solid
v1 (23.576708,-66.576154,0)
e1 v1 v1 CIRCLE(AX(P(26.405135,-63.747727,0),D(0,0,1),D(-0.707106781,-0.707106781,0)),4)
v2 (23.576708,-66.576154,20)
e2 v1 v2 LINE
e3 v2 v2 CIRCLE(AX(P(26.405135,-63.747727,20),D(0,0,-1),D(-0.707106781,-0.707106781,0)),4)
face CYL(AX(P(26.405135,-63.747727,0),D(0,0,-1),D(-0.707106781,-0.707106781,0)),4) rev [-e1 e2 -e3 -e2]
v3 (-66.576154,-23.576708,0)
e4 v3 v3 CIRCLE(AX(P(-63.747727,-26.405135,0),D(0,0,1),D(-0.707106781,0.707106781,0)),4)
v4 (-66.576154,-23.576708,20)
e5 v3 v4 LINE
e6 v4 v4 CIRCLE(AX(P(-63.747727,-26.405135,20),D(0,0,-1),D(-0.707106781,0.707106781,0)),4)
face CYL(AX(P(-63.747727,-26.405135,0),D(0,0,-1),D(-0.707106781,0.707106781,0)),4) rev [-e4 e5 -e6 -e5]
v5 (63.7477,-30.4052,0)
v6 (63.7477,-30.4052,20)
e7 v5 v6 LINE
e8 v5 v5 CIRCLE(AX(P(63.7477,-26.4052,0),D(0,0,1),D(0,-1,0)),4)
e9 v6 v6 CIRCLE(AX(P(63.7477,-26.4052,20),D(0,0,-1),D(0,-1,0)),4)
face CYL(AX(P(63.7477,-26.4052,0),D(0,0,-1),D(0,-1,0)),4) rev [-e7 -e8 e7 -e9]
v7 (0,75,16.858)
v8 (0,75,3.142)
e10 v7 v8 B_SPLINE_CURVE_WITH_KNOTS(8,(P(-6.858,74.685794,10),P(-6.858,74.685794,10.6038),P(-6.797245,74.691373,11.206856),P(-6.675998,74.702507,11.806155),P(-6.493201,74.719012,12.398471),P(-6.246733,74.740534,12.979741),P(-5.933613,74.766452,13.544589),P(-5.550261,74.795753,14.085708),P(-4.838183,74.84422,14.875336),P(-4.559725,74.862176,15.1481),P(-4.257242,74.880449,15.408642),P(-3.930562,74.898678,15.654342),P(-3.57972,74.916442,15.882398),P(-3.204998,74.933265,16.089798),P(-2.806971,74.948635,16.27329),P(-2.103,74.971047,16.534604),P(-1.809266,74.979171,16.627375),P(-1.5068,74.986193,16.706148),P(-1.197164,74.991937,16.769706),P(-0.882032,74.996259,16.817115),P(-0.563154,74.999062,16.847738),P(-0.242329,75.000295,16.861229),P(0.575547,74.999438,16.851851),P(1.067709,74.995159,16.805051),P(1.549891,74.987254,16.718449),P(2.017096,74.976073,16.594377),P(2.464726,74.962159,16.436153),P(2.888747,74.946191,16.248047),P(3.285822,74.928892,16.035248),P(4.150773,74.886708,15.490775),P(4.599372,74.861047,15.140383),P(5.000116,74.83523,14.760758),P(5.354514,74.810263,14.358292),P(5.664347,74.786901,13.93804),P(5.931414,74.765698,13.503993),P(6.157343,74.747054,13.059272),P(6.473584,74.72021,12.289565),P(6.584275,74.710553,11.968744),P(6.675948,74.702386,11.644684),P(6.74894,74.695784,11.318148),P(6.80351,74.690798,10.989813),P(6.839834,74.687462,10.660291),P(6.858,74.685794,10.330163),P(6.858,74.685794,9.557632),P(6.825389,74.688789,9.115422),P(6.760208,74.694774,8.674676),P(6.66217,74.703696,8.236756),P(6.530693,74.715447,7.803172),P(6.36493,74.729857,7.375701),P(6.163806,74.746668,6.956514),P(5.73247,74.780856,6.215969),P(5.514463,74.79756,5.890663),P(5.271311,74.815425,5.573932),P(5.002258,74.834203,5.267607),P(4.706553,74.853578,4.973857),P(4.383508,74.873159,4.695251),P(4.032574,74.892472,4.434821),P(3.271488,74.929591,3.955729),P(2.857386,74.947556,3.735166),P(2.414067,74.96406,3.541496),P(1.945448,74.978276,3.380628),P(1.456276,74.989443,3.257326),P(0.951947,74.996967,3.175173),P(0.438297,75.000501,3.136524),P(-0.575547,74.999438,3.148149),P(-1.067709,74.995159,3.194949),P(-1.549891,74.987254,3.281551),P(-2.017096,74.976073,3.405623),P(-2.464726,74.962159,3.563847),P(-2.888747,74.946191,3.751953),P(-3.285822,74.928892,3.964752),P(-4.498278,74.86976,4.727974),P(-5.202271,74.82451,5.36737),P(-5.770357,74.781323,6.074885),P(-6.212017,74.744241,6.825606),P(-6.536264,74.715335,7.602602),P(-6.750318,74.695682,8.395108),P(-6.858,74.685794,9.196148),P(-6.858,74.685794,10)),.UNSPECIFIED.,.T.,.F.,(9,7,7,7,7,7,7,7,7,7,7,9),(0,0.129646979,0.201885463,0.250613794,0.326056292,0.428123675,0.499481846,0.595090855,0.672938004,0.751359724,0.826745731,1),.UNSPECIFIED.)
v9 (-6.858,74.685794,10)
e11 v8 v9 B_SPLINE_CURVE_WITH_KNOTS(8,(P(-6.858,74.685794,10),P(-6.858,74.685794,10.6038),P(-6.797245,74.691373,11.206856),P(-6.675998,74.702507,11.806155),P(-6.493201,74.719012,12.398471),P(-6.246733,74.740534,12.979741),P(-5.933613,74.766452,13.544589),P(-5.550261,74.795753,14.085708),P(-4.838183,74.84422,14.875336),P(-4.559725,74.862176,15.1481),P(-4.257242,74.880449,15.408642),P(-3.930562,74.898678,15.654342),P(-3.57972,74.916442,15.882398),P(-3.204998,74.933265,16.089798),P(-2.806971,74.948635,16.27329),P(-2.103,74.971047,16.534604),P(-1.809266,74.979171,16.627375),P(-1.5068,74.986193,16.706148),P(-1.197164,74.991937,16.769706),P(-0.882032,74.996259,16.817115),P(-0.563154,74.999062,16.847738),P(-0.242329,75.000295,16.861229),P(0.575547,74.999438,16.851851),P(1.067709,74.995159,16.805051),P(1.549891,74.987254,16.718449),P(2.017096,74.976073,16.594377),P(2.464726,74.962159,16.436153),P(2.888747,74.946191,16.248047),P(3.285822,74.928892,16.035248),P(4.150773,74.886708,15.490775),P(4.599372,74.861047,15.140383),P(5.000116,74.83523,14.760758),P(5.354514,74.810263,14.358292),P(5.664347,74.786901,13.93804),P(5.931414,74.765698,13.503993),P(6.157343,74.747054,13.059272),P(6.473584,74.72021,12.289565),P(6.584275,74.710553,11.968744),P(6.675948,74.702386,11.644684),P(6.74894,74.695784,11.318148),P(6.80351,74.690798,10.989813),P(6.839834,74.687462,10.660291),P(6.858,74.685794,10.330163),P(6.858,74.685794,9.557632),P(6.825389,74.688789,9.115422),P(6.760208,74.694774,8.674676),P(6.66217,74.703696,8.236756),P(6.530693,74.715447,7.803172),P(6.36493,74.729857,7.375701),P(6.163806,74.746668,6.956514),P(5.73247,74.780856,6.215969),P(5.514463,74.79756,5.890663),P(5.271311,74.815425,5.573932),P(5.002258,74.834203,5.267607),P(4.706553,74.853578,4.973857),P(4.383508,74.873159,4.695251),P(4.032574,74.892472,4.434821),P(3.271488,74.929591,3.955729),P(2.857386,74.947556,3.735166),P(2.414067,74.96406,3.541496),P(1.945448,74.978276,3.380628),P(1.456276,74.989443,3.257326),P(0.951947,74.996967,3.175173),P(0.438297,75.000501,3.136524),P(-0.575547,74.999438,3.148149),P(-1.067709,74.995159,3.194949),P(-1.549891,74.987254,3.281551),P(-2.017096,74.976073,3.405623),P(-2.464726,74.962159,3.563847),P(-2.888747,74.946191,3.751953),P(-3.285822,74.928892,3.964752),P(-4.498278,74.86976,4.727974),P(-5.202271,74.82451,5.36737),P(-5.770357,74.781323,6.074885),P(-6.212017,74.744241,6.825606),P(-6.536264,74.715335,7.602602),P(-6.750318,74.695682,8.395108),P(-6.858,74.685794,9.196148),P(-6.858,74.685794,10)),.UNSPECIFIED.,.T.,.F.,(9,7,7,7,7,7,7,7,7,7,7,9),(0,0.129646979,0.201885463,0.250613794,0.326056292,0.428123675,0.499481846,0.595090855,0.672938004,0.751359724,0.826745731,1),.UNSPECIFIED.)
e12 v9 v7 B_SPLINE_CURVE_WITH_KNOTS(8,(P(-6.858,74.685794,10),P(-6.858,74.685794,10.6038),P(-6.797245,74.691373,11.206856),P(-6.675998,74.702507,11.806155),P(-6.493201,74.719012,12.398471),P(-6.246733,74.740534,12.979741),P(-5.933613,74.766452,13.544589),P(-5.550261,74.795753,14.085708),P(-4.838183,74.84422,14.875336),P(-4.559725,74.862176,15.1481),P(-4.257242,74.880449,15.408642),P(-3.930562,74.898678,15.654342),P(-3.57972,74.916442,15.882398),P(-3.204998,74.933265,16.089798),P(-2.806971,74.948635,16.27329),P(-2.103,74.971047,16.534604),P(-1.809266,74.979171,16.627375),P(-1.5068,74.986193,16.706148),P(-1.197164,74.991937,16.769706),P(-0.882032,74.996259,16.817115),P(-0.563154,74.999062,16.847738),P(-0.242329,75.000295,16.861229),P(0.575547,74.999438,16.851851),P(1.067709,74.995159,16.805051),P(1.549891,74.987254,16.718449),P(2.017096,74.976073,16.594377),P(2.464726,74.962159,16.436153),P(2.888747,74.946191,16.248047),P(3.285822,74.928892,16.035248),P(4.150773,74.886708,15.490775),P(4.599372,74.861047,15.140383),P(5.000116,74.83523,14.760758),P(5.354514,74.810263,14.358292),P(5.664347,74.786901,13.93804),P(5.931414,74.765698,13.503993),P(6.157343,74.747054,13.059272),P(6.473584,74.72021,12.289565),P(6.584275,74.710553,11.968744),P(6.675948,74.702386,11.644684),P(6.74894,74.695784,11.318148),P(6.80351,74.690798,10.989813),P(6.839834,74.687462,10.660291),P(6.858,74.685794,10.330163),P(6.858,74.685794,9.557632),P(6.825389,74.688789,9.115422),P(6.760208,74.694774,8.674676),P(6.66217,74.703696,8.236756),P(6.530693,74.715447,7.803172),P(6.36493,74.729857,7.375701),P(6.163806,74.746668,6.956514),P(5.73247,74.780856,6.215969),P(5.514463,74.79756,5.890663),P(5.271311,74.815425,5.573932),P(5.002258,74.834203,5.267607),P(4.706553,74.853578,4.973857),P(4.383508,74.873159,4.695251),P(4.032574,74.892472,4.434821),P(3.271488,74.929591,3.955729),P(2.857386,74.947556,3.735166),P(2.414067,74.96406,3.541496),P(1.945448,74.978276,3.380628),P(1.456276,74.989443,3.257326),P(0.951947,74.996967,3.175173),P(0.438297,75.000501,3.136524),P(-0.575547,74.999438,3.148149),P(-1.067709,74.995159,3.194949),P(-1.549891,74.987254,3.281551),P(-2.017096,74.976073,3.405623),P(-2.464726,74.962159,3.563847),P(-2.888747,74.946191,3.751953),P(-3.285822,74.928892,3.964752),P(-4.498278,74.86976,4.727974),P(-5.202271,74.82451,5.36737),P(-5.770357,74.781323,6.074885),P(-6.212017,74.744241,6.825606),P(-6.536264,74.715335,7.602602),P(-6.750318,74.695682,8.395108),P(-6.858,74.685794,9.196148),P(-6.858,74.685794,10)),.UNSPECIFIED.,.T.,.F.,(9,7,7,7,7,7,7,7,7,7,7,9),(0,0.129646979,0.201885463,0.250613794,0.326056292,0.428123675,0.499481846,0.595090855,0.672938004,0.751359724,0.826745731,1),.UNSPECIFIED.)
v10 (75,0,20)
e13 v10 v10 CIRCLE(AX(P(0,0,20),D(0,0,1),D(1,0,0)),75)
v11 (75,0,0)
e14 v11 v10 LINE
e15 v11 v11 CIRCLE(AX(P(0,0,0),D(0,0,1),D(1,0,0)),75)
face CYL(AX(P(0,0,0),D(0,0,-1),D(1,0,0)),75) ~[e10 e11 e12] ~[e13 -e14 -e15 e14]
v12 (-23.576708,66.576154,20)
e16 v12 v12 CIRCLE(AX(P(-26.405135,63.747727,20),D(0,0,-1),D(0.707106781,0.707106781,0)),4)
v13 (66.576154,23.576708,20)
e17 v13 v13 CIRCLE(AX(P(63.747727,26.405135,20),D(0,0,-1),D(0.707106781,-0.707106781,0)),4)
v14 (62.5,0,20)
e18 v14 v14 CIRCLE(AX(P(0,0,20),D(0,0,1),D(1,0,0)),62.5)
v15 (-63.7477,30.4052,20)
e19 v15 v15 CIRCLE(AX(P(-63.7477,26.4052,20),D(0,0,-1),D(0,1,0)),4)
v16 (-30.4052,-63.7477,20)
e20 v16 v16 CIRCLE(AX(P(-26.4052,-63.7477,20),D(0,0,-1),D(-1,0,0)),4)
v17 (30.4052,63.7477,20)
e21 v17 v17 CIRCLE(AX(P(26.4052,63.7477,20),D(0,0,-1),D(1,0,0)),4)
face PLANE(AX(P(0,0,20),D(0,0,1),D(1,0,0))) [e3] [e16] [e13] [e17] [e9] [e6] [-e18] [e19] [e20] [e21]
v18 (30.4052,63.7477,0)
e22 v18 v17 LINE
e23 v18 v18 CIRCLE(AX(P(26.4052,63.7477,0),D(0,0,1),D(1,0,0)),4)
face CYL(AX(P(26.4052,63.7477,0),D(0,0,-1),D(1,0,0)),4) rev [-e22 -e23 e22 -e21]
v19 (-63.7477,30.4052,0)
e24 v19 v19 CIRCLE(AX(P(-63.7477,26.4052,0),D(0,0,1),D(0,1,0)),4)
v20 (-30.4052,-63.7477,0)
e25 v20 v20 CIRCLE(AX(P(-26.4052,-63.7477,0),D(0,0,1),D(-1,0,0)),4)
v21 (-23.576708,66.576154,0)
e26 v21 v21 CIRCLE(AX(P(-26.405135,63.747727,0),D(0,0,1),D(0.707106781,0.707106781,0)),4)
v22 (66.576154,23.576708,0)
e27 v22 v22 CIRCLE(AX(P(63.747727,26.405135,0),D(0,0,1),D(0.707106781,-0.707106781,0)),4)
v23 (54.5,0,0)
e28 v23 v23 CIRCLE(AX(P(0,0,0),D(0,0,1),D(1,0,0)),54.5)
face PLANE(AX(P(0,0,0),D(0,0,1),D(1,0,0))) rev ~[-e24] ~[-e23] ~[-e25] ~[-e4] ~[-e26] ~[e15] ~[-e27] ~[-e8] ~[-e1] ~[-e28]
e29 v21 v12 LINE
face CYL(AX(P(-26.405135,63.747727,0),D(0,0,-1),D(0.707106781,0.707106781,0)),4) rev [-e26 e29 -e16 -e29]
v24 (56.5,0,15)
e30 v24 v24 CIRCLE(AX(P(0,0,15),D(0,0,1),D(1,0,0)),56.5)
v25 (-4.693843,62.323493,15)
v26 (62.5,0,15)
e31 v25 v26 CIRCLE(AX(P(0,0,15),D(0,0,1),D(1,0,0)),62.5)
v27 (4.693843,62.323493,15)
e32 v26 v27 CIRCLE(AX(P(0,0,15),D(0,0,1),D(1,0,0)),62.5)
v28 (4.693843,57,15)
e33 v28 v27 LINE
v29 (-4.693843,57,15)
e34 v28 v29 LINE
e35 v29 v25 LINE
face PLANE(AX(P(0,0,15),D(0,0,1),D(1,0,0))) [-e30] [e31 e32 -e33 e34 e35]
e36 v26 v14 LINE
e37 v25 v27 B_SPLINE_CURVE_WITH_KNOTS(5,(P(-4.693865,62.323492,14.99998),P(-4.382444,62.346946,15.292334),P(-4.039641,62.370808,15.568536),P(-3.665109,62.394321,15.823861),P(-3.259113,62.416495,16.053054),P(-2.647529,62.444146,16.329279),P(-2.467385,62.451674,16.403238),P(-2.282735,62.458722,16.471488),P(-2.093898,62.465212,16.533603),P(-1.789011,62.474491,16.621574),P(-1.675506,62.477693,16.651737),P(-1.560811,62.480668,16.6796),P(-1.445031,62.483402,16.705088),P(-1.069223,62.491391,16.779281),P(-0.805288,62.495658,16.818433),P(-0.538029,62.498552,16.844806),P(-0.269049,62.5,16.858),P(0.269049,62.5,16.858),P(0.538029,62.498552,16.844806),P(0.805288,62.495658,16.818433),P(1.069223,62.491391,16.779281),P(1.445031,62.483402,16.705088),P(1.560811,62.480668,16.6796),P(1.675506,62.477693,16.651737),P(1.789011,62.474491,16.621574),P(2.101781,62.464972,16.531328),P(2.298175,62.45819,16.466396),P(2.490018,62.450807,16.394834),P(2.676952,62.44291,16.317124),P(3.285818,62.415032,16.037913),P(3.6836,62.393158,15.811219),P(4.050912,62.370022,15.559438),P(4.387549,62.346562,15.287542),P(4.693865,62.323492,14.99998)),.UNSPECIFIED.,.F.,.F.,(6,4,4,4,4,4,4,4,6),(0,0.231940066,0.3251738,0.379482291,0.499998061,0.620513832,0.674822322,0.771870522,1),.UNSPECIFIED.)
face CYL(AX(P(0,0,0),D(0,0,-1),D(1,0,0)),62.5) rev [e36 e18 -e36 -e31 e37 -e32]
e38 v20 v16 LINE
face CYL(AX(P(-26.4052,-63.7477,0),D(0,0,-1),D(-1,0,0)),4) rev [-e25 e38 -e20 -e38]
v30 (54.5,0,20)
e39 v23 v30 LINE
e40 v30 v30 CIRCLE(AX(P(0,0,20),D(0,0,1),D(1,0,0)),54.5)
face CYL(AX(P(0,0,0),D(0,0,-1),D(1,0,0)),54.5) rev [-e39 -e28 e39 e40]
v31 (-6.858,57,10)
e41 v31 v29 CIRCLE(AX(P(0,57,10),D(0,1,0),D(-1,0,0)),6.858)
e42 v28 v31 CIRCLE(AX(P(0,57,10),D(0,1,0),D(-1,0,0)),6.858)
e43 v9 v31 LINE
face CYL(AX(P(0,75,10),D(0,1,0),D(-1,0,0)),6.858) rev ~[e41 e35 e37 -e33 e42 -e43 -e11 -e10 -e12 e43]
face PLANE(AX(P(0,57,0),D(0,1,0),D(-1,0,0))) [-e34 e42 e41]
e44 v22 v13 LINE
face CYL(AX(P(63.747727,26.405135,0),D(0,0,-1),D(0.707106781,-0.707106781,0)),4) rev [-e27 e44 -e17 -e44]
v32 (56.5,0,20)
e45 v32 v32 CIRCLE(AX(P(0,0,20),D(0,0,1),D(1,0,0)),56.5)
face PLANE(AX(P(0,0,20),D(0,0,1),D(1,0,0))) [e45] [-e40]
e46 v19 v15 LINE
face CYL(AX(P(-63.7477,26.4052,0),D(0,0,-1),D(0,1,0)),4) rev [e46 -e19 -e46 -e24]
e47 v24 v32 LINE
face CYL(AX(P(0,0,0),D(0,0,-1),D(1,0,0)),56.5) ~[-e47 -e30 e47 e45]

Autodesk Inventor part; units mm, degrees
ref_plane "YZ Plane" through (0, 0, 0) normal (1, 0, 0) x (0, 1, 0)
ref_plane "XY Plane" through (0, 0, 0) normal (0, 0, 1) x (1, 0, 0)
sketch "Sketch1" plane through (0, 0, 0) normal (0, 0, 1) x (1, 0, 0)
  circle A0 centre (0, 0) radius 54.5
  circle A1 centre (0, 0) radius 75
  circle A2 centre (0, 0) radius 56.5
  circle A3 centre (0, 0) radius 62.5
  circle A4 centre (0, 0) radius 69
  line L0 (0, 0) -> (0, 69) construction
  line L1 (0, 0) -> (26.4052, 63.7477) construction
  line L2 (0, 0) -> (69, 0) construction
  circle A5 centre (26.4052, 63.7477) radius 4
  dimension "d0" = 109
  dimension "d1" = 150
  dimension "d2" = 113
  dimension "d3" = 125
  dimension "d4" = 138
  dimension "d16" = 67.5
  dimension "d17" = 8
extrude "Extrusion1" add sketch "Sketch1" along normal blind 20 contours A2
extrude "Extrusion2" add sketch "Sketch1" along normal blind 15 contours A3
extrude "Extrusion3" add sketch "Sketch1" along normal blind 20 contours A1 | A4 A5 | A5 A4 | A4 A5
ref_plane "Work Plane1" through (0, 75, 0) normal (0, 1, 0) x (-1, 0, 0)
sketch "Sketch2" plane through (0, 75, 0) normal (0, 1, 0) x (-1, 0, 0)
  line L0 (0, 0) -> (0, 10) construction
  circle A0 centre (0, 10) radius 6.858
  dimension "d12" = 10
  dimension "d13" = 13.716
extrude "Extrusion4" cut sketch "Sketch2" against normal blind 18
extrude "Extrusion5" cut sketch "Sketch1" along normal through all contours A5 A4 | A4 A5 picked at (25.7495, 62.5769) picked at (26.9375, 64.9608)
thread "Thread2" size "M8x1.25" class "6H" standard "ANSI Metric M Profile" full length
pattern_circular "Circular Pattern2" count 8 over 360 about axis through (0, 0, -10) along (0, 0, 1) of "Extrusion5"
thread "Thread13" size "M8x1.25" class "6H" standard "ANSI Metric M Profile" full length
thread "Thread14" size "M8x1.25" class "6H" standard "ANSI Metric M Profile" full length
thread "Thread15" size "M8x1.25" class "6H" standard "ANSI Metric M Profile" full length
thread "Thread16" size "M8x1.25" class "6H" standard "ANSI Metric M Profile" full length
thread "Thread17" size "M8x1.25" class "6H" standard "ANSI Metric M Profile" full length
thread "Thread18" size "M8x1.25" class "6H" standard "ANSI Metric M Profile" full length
thread "Thread19" size "M8x1.25" class "6H" standard "ANSI Metric M Profile" full length
thread "Thread20" size "M8x1.25" class "6H" standard "ANSI Metric M Profile" full length
thread "Thread21" size "9/16-12 UNC" class "2B" standard "ANSI Unified Screw Threads" full length
properties part number "front" material "Aluminum 6061"
